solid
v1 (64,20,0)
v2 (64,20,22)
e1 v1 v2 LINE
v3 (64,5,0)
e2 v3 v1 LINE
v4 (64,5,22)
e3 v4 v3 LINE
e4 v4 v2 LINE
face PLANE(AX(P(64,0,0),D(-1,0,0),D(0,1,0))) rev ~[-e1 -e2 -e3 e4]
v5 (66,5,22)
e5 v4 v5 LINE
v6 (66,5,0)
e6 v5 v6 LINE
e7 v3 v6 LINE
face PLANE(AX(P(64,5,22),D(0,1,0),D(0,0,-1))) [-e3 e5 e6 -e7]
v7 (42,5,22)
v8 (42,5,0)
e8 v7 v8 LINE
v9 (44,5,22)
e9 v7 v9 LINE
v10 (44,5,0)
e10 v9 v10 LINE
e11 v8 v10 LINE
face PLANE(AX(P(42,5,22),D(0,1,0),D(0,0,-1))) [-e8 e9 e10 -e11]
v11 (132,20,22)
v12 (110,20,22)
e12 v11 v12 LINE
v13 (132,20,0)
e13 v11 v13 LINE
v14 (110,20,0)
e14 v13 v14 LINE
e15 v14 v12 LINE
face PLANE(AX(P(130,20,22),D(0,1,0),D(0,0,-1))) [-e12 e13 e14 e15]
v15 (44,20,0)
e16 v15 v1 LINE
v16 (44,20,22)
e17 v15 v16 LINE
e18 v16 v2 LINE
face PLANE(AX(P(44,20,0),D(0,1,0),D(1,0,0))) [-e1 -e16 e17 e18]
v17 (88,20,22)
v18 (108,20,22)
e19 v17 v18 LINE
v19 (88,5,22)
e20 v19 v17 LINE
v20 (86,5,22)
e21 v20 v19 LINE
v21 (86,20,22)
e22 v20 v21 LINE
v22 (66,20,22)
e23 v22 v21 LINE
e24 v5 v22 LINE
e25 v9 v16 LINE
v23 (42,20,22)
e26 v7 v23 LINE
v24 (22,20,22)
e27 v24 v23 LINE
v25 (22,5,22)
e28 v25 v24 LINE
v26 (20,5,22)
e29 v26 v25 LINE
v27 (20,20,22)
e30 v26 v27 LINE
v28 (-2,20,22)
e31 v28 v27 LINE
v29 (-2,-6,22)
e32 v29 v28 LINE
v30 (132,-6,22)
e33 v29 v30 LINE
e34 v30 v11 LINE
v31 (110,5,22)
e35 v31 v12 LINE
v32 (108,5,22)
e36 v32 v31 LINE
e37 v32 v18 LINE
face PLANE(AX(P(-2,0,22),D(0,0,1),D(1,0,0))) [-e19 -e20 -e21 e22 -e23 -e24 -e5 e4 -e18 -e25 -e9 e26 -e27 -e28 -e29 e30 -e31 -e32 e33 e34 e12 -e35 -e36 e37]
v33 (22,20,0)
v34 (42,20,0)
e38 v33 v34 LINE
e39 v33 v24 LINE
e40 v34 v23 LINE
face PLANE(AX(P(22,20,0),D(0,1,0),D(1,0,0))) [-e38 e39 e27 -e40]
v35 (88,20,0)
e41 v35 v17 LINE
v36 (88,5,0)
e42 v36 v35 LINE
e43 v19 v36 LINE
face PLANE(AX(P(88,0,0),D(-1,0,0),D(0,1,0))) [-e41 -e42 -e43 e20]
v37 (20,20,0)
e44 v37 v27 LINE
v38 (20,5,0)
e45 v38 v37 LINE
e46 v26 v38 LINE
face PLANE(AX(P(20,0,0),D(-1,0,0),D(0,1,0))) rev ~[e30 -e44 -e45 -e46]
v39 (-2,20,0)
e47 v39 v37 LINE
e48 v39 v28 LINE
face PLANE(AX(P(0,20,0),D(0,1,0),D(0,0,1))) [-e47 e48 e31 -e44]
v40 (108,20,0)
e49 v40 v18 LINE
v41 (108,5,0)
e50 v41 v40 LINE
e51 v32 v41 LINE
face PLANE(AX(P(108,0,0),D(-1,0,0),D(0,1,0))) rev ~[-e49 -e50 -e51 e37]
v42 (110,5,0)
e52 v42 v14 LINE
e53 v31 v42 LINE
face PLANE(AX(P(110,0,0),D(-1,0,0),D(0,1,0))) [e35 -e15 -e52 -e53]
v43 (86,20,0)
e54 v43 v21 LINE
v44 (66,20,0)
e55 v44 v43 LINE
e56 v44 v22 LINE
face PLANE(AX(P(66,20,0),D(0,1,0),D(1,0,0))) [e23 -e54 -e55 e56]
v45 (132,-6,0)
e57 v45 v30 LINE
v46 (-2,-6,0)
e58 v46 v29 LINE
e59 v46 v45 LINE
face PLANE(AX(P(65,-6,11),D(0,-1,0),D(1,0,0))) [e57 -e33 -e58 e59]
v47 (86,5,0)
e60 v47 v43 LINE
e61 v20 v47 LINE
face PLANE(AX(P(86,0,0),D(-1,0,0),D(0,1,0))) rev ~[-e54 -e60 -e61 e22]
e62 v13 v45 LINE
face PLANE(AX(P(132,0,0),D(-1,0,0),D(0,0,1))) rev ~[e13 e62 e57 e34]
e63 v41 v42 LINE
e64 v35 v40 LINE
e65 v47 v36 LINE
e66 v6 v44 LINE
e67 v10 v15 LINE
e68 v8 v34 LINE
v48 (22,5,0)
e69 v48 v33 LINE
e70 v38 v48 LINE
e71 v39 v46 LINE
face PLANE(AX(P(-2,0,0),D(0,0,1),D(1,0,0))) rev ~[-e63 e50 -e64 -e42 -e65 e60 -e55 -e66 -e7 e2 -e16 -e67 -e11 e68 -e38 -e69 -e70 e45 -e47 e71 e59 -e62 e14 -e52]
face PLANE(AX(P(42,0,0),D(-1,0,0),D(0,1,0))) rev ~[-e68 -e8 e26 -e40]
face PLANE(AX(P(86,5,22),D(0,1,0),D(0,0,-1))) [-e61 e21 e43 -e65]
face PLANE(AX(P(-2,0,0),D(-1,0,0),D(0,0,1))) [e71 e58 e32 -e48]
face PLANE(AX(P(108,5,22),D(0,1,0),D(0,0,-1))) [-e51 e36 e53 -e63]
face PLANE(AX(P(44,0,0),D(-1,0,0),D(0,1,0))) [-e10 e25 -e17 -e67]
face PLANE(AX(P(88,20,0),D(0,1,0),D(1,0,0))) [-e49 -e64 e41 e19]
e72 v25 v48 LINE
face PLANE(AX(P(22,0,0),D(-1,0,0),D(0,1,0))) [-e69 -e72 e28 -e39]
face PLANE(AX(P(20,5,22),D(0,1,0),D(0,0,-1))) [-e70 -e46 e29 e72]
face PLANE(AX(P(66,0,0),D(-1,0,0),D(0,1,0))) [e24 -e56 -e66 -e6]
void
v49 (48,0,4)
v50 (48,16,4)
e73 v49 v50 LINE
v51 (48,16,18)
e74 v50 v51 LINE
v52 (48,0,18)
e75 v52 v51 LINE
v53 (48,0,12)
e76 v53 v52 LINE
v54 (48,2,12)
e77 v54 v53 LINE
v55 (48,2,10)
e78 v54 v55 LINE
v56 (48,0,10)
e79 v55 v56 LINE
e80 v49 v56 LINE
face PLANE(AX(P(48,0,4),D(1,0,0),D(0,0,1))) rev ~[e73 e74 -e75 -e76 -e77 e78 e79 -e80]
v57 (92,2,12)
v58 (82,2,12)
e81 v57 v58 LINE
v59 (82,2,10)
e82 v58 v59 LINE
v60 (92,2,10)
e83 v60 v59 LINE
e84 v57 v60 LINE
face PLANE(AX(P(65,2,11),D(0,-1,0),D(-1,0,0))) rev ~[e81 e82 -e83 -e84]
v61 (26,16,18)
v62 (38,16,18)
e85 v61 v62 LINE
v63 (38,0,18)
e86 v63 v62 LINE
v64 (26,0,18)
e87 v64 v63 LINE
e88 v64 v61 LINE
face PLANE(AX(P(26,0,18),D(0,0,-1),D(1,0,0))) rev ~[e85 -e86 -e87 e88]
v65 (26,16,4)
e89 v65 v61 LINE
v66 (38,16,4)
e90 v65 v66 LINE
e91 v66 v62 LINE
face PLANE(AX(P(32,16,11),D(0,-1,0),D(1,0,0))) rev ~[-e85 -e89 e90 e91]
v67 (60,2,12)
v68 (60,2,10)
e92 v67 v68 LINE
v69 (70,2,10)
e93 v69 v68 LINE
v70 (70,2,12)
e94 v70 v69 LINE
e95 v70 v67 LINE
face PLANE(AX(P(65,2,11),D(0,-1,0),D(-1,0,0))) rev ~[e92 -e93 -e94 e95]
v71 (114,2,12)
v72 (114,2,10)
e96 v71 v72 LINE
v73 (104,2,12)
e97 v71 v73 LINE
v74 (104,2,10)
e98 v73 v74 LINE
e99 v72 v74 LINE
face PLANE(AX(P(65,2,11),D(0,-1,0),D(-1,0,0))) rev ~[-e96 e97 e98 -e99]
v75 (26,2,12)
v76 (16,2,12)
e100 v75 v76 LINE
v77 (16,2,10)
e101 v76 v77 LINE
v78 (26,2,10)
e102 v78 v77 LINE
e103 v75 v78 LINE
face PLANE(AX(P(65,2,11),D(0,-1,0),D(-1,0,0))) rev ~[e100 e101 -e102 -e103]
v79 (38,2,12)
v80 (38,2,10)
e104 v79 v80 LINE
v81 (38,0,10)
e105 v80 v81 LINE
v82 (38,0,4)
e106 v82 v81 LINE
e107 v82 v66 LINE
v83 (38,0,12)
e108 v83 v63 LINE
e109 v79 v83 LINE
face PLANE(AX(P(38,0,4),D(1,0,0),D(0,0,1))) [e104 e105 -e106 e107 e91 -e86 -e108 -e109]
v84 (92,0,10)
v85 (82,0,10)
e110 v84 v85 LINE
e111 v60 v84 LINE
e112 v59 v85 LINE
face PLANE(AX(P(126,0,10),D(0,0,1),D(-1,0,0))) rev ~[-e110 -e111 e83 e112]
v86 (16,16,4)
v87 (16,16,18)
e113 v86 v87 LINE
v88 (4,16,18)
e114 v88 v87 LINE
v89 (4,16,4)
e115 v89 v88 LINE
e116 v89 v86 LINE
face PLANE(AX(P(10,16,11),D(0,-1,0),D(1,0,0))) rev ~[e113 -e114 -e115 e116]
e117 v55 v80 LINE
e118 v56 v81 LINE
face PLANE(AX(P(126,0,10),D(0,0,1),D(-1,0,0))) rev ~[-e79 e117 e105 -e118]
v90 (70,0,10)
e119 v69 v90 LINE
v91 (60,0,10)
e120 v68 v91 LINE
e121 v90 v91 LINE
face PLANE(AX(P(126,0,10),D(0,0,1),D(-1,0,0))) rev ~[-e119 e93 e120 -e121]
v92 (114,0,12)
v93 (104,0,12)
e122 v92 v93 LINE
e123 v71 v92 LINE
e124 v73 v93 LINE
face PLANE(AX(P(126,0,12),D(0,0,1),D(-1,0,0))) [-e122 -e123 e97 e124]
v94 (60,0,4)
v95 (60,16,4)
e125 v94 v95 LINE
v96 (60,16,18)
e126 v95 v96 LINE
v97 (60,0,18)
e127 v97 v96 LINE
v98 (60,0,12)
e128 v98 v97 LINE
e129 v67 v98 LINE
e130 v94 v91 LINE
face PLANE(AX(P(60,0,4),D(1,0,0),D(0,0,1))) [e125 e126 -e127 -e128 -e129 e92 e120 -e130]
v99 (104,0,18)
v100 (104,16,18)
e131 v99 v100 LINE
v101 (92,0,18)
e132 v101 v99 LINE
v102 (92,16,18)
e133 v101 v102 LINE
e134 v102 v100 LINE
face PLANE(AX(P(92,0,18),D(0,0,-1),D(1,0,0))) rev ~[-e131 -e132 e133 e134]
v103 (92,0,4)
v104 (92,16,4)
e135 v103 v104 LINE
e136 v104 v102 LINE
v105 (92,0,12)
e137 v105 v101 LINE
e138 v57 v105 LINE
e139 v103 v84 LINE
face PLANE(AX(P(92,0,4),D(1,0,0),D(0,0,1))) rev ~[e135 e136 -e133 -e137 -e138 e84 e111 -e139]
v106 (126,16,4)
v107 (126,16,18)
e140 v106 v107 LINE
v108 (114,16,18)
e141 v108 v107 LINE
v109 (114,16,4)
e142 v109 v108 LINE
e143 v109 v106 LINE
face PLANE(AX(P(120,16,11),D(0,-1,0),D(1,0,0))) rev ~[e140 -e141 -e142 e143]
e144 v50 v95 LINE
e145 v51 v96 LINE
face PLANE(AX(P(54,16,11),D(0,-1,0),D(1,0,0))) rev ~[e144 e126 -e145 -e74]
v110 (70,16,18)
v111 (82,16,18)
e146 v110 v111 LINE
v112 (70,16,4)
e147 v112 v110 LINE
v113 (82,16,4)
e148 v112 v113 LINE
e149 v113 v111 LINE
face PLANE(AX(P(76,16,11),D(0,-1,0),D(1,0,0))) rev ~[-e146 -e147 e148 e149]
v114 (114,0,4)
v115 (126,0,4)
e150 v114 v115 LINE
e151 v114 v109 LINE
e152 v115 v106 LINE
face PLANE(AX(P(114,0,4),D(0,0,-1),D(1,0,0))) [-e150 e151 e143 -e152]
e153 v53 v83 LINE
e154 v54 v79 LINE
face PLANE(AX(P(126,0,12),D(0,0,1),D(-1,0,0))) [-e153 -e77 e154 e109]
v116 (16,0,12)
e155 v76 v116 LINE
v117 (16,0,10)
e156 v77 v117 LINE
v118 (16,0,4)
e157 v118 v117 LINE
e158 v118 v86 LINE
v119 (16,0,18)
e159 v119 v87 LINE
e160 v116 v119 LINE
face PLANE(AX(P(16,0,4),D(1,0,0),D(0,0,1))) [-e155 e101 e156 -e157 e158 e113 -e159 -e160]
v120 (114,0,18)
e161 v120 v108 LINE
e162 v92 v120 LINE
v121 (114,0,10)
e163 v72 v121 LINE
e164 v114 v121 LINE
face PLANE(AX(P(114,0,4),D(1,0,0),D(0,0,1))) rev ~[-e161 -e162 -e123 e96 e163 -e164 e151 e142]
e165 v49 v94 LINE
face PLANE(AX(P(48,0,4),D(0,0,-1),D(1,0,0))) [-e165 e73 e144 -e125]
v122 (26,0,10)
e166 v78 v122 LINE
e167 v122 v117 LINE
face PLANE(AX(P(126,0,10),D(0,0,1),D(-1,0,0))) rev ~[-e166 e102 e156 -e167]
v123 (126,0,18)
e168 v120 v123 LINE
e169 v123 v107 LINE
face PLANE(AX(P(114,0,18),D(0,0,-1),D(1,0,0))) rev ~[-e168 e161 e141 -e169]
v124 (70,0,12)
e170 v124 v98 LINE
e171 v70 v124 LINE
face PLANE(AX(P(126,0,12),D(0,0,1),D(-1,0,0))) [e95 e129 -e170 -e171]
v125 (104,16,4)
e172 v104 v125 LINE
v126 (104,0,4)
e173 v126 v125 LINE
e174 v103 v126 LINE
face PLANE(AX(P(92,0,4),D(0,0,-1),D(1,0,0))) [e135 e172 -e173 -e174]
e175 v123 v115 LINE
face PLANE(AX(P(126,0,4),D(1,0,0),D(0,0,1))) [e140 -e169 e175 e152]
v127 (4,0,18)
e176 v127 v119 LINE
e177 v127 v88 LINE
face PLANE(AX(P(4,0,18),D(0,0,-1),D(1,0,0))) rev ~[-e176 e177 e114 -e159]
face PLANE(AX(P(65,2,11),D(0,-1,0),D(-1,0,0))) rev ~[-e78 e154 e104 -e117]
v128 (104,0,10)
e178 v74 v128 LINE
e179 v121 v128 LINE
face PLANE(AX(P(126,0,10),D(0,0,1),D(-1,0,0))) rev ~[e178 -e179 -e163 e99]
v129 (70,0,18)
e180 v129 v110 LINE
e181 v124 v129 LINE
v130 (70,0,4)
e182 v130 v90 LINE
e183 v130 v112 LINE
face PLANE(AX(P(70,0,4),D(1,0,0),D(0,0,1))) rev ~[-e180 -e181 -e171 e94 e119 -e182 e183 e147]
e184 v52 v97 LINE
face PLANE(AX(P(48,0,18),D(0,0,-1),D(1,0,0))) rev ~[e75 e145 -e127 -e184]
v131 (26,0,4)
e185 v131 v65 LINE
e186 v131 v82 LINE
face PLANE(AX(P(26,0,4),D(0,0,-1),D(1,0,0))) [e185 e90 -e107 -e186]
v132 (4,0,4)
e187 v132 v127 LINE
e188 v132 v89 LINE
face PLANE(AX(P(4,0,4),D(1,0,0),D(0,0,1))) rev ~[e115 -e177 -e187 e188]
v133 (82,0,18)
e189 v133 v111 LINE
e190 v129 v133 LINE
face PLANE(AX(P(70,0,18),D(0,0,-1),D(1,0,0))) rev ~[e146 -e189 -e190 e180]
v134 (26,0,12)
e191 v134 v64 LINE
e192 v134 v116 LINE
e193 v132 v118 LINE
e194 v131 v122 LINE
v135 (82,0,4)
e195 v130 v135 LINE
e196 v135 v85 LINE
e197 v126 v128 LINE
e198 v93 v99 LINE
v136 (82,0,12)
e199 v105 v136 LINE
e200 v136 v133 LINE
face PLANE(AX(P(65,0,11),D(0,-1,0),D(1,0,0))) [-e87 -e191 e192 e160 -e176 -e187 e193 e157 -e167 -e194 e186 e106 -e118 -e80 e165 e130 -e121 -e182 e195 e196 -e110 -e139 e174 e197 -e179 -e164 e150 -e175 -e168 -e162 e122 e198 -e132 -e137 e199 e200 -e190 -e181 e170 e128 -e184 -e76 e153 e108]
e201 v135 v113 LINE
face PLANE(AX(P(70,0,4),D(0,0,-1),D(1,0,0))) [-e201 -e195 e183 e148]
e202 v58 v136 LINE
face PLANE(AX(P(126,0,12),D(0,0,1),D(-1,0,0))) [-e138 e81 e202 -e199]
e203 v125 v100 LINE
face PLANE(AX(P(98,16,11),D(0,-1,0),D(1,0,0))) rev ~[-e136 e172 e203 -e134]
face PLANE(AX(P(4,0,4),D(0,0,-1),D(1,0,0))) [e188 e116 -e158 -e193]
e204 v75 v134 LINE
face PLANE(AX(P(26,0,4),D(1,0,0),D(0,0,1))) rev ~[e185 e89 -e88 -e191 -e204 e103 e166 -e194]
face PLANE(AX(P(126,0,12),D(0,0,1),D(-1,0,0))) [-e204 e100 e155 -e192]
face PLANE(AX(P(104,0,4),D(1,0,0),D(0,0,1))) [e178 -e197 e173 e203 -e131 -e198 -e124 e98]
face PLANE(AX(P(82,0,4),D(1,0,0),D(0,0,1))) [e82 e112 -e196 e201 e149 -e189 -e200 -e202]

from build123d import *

# Parameters (mm, degrees)
SKETCH1_W           = 20
SKETCH1_H           = 20
BOSS_EXTRUDE1_DEPTH = 22
SKETCH2_W           = 12
SKETCH2_H           = 14
CUT_EXTRUDE1_DEPTH  = 16
SKETCH3_W           = 22
SKETCH3_H           = 5
BOSS_EXTRUDE2_DEPTH = 2
LPATTERN1_COUNT     = 6
LPATTERN1_PITCH     = 22
SKETCH4_W           = 22
SKETCH4_H           = 15
BOSS_EXTRUDE3_DEPTH = 2
SKETCH5_W           = 22
SKETCH5_H           = 20
BOSS_EXTRUDE4_DEPTH = 2
SKETCH6_W           = 122
SKETCH6_H           = 2
CUT_EXTRUDE2_DEPTH  = 2
SKETCH7_W           = 134
SKETCH7_H           = 22
BOSS_EXTRUDE5_DEPTH = 6


with BuildPart() as part:
    # Sketch1 → Boss-Extrude1 (new body)
    with BuildSketch(Plane.XY):
        with Locations((10, 10)):
            Rectangle(SKETCH1_W, SKETCH1_H)
    extrude(amount=BOSS_EXTRUDE1_DEPTH)

    # Sketch2 → Cut-Extrude1 (cut)
    with BuildSketch(Plane.XZ):
        with Locations((10, 11)):
            Rectangle(SKETCH2_W, SKETCH2_H)
    extrude(amount=-CUT_EXTRUDE1_DEPTH, mode=Mode.SUBTRACT)

    # Sketch3 → Boss-Extrude2 (add)
    with BuildSketch(Plane(origin=(20, 0, 0), x_dir=(0, 0, -1), z_dir=(1, 0, 0))):
        with Locations((-11, 2.5)):
            Rectangle(SKETCH3_W, SKETCH3_H)
    extrude(amount=BOSS_EXTRUDE2_DEPTH)


with BuildPart() as lpattern1_1:
    # LPattern1: pattern copy
    add(part.part.moved(Location(Vector(1, 0, 0) * (1 * LPATTERN1_PITCH))))


with BuildPart() as lpattern1_2:
    # LPattern1: pattern copy
    add(part.part.moved(Location(Vector(1, 0, 0) * (2 * LPATTERN1_PITCH))))


with BuildPart() as lpattern1_3:
    # LPattern1: pattern copy
    add(part.part.moved(Location(Vector(1, 0, 0) * (3 * LPATTERN1_PITCH))))


with BuildPart() as lpattern1_4:
    # LPattern1: pattern copy
    add(part.part.moved(Location(Vector(1, 0, 0) * (4 * LPATTERN1_PITCH))))


with BuildPart() as lpattern1_5:
    # LPattern1: pattern copy
    add(part.part.moved(Location(Vector(1, 0, 0) * (5 * LPATTERN1_PITCH))))


with BuildPart() as part_1:
    add(part.part)

    # Combine1: union LPattern1_1, LPattern1_2, LPattern1_3, LPattern1_4, LPattern1_5
    add(lpattern1_1.part)
    add(lpattern1_2.part)
    add(lpattern1_3.part)
    add(lpattern1_4.part)
    add(lpattern1_5.part)

    # Sketch4 → Boss-Extrude3 (add)
    with BuildSketch(Plane(origin=(130, 0, 0), x_dir=(0, 0, -1), z_dir=(1, 0, 0))):
        with Locations((-11, 12.5)):
            Rectangle(SKETCH4_W, SKETCH4_H)
    extrude(amount=BOSS_EXTRUDE3_DEPTH)

    # Sketch5 → Boss-Extrude4 (add)
    with BuildSketch(Plane.ZY):
        with Locations((11, 10)):
            Rectangle(SKETCH5_W, SKETCH5_H)
    extrude(amount=BOSS_EXTRUDE4_DEPTH)

    # Sketch6 → Cut-Extrude2 (cut)
    with BuildSketch(Plane(origin=(0, 0, 0), x_dir=(-1, 0, 0), z_dir=(0, -1, 0))):
        with Locations((-65, -11)):
            Rectangle(SKETCH6_W, SKETCH6_H)
    extrude(amount=-CUT_EXTRUDE2_DEPTH, mode=Mode.SUBTRACT)

    # Sketch7 → Boss-Extrude5 (add)
    with BuildSketch(Plane.XZ):
        with Locations((65, 11)):
            Rectangle(SKETCH7_W, SKETCH7_H)
    extrude(amount=BOSS_EXTRUDE5_DEPTH)


solid = part_1.part
